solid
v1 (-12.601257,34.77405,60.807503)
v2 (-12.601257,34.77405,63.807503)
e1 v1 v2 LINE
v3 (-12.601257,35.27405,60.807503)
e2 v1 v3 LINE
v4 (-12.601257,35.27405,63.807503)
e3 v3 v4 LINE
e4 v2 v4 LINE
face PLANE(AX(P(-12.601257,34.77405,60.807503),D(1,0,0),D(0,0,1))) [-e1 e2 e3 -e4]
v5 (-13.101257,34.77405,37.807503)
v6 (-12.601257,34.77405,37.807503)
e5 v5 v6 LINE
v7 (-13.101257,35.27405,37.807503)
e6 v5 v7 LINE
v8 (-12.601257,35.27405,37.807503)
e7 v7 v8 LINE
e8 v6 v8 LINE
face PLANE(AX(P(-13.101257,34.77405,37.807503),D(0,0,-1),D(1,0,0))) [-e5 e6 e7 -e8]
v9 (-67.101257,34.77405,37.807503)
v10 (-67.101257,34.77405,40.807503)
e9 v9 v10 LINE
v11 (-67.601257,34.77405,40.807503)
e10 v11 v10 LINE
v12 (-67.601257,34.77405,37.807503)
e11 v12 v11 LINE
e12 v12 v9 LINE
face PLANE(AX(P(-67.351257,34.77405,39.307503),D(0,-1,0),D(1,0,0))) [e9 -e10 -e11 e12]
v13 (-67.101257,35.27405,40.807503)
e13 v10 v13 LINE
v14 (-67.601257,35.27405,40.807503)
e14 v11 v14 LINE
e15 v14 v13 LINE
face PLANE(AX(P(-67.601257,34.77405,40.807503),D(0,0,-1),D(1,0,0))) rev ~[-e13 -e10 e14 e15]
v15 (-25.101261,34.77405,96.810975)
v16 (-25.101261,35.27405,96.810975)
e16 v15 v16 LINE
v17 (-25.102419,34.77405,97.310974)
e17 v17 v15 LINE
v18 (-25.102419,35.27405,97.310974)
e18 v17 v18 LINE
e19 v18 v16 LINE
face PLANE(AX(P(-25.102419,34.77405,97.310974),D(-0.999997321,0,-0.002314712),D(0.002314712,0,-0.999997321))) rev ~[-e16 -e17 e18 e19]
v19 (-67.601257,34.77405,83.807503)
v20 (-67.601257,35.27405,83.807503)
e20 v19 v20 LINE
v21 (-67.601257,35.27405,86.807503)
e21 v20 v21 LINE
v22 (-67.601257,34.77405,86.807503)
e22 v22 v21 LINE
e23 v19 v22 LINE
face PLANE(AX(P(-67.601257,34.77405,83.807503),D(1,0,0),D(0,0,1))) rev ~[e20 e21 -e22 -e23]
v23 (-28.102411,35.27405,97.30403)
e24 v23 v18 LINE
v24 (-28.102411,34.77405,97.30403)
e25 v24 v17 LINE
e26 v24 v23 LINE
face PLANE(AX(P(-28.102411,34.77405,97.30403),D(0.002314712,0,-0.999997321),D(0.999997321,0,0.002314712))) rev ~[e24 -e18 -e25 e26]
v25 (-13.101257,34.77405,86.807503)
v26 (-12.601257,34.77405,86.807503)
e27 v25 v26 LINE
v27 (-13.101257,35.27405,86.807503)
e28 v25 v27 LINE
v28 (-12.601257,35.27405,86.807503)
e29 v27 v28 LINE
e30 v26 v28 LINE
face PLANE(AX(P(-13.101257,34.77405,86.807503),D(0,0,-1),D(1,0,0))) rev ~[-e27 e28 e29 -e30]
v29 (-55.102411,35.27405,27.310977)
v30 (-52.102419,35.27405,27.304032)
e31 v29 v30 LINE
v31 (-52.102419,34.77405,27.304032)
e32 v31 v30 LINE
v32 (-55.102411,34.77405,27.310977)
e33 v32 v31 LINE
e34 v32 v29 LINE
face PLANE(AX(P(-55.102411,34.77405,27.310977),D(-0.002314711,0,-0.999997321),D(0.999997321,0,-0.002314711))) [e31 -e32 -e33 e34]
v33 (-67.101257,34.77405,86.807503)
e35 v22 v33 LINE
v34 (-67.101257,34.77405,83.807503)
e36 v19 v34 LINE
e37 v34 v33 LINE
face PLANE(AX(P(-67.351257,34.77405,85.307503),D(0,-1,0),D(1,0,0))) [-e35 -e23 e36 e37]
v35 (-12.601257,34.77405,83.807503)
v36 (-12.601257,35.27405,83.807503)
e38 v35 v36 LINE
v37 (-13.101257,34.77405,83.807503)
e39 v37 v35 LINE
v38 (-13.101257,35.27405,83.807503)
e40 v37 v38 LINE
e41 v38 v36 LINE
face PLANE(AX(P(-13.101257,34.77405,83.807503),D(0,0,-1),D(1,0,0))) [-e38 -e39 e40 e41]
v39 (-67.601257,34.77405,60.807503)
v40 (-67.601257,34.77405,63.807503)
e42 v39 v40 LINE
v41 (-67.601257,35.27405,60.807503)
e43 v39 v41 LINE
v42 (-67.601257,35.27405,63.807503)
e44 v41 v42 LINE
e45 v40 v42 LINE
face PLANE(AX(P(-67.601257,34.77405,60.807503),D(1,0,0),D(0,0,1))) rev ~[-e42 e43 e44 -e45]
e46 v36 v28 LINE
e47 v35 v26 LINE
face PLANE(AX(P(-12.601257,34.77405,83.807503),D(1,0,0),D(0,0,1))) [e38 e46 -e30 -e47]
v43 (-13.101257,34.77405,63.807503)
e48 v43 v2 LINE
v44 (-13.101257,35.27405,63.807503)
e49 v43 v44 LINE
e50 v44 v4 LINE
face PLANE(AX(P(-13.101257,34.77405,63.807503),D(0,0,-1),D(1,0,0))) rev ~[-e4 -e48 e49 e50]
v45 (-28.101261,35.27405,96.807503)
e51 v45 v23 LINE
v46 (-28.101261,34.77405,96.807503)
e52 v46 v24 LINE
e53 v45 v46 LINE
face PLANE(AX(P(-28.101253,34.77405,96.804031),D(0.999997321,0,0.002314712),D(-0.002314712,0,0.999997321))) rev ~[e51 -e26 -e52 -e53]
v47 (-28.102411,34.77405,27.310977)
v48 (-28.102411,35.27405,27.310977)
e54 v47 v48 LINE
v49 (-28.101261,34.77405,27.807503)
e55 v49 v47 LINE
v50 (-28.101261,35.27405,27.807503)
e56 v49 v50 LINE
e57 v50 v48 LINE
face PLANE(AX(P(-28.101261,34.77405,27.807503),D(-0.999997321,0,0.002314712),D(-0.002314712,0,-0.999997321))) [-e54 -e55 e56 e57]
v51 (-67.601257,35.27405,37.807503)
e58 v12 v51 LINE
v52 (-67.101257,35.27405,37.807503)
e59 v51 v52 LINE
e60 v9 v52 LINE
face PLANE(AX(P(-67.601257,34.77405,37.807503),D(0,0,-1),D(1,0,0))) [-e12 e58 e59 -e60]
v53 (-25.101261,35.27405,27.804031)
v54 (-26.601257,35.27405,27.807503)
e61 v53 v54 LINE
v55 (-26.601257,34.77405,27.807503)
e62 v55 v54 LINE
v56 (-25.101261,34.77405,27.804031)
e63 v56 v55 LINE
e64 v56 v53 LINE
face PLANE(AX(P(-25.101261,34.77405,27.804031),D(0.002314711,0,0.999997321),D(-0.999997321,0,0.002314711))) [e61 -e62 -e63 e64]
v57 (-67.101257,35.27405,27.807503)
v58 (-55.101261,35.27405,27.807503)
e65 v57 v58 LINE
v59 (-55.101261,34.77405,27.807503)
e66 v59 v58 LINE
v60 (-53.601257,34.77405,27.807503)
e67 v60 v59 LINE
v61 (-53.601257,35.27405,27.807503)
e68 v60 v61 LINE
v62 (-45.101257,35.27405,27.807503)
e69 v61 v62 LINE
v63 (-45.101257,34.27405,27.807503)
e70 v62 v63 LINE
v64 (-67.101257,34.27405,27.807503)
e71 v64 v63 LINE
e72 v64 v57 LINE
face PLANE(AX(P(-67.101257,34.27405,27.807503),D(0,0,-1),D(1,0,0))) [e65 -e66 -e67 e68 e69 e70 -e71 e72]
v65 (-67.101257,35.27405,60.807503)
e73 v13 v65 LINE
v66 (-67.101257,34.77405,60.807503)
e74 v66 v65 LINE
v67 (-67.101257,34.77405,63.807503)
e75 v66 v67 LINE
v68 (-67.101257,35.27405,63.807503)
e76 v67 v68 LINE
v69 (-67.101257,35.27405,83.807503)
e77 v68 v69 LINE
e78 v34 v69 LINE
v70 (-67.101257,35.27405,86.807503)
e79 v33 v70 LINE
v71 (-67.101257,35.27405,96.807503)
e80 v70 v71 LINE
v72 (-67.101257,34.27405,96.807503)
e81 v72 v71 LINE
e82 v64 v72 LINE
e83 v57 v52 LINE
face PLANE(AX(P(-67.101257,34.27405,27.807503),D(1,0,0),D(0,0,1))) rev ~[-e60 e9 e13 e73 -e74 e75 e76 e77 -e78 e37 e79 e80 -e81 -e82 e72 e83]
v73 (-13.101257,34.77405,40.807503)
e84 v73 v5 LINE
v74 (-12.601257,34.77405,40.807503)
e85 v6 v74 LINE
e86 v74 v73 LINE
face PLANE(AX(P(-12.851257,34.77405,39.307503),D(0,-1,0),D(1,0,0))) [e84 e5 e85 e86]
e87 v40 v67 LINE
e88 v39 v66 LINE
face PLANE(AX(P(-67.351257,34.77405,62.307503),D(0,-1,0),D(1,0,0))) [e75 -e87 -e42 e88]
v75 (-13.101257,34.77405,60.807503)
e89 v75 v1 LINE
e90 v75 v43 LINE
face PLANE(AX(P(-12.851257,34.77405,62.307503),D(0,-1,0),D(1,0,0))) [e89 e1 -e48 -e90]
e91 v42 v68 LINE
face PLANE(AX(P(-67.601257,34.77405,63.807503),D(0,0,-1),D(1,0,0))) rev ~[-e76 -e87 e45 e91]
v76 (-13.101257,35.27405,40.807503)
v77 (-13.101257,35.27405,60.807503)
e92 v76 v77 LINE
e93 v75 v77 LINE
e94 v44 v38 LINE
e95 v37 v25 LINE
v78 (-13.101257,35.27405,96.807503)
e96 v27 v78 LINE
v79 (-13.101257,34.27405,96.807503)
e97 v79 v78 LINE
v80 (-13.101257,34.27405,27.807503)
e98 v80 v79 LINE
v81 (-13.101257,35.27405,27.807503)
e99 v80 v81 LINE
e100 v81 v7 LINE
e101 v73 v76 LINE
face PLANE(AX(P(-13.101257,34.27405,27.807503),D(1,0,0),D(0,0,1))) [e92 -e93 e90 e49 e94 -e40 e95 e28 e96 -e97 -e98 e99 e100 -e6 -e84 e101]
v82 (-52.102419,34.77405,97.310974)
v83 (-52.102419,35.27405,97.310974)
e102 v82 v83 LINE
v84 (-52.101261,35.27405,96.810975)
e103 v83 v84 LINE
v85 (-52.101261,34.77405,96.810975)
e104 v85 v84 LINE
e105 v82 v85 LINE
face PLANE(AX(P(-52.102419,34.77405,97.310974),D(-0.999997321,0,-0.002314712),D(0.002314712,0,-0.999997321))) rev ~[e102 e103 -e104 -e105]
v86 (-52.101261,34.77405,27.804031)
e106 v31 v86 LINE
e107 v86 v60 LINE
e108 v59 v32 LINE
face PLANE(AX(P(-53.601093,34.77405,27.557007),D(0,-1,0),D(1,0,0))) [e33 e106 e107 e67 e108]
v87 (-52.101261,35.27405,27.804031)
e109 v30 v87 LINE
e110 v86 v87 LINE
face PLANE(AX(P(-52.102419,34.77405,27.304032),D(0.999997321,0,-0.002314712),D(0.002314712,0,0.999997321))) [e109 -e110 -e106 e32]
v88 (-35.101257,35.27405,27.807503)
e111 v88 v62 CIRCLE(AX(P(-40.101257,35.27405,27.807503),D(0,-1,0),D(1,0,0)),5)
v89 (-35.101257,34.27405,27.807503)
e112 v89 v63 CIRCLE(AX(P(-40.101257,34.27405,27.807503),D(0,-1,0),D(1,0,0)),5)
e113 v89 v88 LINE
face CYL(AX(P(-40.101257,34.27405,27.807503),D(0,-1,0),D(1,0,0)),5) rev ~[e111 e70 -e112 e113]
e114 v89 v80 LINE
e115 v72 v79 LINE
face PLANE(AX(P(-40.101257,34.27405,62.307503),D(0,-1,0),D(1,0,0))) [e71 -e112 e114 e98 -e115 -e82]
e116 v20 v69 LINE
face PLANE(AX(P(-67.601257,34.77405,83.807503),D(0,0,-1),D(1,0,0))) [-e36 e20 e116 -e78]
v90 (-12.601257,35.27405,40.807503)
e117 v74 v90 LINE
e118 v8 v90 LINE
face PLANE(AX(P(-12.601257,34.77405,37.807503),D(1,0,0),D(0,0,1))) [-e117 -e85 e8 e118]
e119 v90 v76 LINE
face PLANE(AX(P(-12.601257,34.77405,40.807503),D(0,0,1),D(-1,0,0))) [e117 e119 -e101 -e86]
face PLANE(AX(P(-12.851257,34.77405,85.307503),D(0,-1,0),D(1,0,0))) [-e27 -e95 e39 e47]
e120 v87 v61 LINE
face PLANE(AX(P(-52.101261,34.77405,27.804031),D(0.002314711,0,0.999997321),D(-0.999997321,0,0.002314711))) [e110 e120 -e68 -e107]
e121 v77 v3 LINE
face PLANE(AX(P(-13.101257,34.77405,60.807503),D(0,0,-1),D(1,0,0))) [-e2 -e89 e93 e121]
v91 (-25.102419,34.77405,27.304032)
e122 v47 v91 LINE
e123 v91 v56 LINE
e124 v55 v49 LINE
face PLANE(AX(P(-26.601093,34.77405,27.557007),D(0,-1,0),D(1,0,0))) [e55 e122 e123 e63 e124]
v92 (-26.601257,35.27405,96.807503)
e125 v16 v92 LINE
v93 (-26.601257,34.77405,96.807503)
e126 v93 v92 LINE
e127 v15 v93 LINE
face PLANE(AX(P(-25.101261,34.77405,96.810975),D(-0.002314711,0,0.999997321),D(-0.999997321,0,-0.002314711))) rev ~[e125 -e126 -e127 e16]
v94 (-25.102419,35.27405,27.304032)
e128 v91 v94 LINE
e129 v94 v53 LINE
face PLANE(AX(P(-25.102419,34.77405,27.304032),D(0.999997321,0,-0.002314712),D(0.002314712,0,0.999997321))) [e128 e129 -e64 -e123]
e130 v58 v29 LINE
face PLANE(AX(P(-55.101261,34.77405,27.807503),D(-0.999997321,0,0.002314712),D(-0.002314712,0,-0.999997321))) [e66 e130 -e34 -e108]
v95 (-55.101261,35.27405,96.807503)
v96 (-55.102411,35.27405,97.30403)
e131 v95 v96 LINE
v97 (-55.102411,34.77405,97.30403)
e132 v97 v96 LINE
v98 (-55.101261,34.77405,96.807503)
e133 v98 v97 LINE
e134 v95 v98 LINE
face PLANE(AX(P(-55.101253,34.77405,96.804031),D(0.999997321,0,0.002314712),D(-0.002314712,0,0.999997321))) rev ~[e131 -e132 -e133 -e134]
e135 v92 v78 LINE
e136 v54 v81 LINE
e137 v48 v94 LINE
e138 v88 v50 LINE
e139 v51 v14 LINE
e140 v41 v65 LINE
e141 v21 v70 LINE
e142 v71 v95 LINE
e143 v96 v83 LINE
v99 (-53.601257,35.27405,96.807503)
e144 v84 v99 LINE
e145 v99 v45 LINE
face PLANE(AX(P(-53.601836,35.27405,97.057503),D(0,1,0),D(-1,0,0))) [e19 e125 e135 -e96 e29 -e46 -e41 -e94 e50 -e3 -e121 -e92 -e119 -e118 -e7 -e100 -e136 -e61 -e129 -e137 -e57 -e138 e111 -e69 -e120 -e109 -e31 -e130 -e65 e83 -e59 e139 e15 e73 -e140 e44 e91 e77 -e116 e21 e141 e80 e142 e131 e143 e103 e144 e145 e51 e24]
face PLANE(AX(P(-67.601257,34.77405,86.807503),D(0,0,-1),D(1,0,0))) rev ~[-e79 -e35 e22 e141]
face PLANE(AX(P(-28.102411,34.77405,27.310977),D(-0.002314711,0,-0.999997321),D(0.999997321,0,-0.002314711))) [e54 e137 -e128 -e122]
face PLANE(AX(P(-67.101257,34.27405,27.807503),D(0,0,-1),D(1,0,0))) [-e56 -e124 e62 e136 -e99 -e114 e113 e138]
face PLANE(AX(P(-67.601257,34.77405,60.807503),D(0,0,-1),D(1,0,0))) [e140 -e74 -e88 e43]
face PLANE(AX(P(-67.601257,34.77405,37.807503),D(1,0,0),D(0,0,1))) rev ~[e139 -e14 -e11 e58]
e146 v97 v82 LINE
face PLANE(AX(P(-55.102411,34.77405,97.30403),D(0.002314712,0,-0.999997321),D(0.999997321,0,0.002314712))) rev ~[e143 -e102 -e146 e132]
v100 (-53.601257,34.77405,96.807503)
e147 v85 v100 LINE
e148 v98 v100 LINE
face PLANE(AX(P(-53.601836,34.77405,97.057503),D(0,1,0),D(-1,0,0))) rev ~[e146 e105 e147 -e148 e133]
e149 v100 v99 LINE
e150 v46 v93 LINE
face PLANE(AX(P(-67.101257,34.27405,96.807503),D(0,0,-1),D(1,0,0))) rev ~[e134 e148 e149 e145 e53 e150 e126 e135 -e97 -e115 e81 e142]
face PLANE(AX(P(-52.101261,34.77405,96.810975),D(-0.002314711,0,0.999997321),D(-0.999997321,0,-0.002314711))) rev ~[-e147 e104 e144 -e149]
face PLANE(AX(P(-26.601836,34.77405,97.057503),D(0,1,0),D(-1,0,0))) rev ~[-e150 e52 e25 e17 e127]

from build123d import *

# Parameters (mm, degrees)
SKETCH1_W           = 54
SKETCH1_H           = 69
BOSS_EXTRUDE1_DEPTH = 1
BOSS_EXTRUDE2_START = -0.5
SKETCH3_W           = 0.5
SKETCH3_H           = 3
BOSS_EXTRUDE2_DEPTH = 0.5
SKETCH4_R           = 5
CUT_EXTRUDE1_DEPTH  = 1


with BuildPart() as part:
    # Sketch1 → Boss-Extrude1 (new body)
    with BuildSketch(Plane.XZ.offset(-34.2740501)):
        with Locations((-40.101257217, 62.307503177)):
            Rectangle(SKETCH1_W, SKETCH1_H)
    extrude(amount=-BOSS_EXTRUDE1_DEPTH)

    # Sketch3 → Boss-Extrude2 (add)
    with BuildSketch(Plane.XZ.offset(-34.2740501).offset(BOSS_EXTRUDE2_START)):
        with Locations((-67.351257217, 85.307503177)):
            Rectangle(SKETCH3_W, SKETCH3_H)
        with Locations((-12.851257217, 85.307503177)):
            Rectangle(SKETCH3_W, SKETCH3_H)
        with Locations((-12.851257217, 62.307503177)):
            Rectangle(SKETCH3_W, SKETCH3_H)
        Polygon((-13.101257217, 39.307503177), (-13.101257217, 37.807503177), (-12.601257217, 37.807503177), (-12.601257217, 40.807503177), (-13.101257217, 40.807503177), align=None)
        Polygon((-25.101261235, 27.80403111), (-26.601257217, 27.807503177), (-28.101261235, 27.807503177), (-28.102410554, 27.310976583), (-25.102418591, 27.304032449), align=None)
        Polygon((-52.101261235, 27.80403111), (-53.601257217, 27.807503177), (-55.101261235, 27.807503177), (-55.102410554, 27.310976583), (-52.102418591, 27.304032449), align=None)
        with Locations((-67.351257217, 39.307503177)):
            Rectangle(SKETCH3_W, SKETCH3_H)
        with Locations((-67.351257217, 62.307503177)):
            Rectangle(SKETCH3_W, SKETCH3_H)
        Polygon((-55.102410554, 97.30402977), (-52.102418591, 97.310973905), (-52.101261235, 96.810975244), (-55.101253198, 96.80403111), align=None)
        Polygon((-28.102410554, 97.30402977), (-25.102418591, 97.310973905), (-25.101261235, 96.810975244), (-28.101253198, 96.80403111), align=None)
    extrude(amount=-BOSS_EXTRUDE2_DEPTH)

    # Sketch4 → Cut-Extrude1 (cut)
    with BuildSketch(Plane.XZ.offset(-34.2740501)):
        with Locations((-40.101257217, 27.807503177)):
            Circle(SKETCH4_R)
    extrude(amount=-CUT_EXTRUDE1_DEPTH, mode=Mode.SUBTRACT)


solid = part.part
